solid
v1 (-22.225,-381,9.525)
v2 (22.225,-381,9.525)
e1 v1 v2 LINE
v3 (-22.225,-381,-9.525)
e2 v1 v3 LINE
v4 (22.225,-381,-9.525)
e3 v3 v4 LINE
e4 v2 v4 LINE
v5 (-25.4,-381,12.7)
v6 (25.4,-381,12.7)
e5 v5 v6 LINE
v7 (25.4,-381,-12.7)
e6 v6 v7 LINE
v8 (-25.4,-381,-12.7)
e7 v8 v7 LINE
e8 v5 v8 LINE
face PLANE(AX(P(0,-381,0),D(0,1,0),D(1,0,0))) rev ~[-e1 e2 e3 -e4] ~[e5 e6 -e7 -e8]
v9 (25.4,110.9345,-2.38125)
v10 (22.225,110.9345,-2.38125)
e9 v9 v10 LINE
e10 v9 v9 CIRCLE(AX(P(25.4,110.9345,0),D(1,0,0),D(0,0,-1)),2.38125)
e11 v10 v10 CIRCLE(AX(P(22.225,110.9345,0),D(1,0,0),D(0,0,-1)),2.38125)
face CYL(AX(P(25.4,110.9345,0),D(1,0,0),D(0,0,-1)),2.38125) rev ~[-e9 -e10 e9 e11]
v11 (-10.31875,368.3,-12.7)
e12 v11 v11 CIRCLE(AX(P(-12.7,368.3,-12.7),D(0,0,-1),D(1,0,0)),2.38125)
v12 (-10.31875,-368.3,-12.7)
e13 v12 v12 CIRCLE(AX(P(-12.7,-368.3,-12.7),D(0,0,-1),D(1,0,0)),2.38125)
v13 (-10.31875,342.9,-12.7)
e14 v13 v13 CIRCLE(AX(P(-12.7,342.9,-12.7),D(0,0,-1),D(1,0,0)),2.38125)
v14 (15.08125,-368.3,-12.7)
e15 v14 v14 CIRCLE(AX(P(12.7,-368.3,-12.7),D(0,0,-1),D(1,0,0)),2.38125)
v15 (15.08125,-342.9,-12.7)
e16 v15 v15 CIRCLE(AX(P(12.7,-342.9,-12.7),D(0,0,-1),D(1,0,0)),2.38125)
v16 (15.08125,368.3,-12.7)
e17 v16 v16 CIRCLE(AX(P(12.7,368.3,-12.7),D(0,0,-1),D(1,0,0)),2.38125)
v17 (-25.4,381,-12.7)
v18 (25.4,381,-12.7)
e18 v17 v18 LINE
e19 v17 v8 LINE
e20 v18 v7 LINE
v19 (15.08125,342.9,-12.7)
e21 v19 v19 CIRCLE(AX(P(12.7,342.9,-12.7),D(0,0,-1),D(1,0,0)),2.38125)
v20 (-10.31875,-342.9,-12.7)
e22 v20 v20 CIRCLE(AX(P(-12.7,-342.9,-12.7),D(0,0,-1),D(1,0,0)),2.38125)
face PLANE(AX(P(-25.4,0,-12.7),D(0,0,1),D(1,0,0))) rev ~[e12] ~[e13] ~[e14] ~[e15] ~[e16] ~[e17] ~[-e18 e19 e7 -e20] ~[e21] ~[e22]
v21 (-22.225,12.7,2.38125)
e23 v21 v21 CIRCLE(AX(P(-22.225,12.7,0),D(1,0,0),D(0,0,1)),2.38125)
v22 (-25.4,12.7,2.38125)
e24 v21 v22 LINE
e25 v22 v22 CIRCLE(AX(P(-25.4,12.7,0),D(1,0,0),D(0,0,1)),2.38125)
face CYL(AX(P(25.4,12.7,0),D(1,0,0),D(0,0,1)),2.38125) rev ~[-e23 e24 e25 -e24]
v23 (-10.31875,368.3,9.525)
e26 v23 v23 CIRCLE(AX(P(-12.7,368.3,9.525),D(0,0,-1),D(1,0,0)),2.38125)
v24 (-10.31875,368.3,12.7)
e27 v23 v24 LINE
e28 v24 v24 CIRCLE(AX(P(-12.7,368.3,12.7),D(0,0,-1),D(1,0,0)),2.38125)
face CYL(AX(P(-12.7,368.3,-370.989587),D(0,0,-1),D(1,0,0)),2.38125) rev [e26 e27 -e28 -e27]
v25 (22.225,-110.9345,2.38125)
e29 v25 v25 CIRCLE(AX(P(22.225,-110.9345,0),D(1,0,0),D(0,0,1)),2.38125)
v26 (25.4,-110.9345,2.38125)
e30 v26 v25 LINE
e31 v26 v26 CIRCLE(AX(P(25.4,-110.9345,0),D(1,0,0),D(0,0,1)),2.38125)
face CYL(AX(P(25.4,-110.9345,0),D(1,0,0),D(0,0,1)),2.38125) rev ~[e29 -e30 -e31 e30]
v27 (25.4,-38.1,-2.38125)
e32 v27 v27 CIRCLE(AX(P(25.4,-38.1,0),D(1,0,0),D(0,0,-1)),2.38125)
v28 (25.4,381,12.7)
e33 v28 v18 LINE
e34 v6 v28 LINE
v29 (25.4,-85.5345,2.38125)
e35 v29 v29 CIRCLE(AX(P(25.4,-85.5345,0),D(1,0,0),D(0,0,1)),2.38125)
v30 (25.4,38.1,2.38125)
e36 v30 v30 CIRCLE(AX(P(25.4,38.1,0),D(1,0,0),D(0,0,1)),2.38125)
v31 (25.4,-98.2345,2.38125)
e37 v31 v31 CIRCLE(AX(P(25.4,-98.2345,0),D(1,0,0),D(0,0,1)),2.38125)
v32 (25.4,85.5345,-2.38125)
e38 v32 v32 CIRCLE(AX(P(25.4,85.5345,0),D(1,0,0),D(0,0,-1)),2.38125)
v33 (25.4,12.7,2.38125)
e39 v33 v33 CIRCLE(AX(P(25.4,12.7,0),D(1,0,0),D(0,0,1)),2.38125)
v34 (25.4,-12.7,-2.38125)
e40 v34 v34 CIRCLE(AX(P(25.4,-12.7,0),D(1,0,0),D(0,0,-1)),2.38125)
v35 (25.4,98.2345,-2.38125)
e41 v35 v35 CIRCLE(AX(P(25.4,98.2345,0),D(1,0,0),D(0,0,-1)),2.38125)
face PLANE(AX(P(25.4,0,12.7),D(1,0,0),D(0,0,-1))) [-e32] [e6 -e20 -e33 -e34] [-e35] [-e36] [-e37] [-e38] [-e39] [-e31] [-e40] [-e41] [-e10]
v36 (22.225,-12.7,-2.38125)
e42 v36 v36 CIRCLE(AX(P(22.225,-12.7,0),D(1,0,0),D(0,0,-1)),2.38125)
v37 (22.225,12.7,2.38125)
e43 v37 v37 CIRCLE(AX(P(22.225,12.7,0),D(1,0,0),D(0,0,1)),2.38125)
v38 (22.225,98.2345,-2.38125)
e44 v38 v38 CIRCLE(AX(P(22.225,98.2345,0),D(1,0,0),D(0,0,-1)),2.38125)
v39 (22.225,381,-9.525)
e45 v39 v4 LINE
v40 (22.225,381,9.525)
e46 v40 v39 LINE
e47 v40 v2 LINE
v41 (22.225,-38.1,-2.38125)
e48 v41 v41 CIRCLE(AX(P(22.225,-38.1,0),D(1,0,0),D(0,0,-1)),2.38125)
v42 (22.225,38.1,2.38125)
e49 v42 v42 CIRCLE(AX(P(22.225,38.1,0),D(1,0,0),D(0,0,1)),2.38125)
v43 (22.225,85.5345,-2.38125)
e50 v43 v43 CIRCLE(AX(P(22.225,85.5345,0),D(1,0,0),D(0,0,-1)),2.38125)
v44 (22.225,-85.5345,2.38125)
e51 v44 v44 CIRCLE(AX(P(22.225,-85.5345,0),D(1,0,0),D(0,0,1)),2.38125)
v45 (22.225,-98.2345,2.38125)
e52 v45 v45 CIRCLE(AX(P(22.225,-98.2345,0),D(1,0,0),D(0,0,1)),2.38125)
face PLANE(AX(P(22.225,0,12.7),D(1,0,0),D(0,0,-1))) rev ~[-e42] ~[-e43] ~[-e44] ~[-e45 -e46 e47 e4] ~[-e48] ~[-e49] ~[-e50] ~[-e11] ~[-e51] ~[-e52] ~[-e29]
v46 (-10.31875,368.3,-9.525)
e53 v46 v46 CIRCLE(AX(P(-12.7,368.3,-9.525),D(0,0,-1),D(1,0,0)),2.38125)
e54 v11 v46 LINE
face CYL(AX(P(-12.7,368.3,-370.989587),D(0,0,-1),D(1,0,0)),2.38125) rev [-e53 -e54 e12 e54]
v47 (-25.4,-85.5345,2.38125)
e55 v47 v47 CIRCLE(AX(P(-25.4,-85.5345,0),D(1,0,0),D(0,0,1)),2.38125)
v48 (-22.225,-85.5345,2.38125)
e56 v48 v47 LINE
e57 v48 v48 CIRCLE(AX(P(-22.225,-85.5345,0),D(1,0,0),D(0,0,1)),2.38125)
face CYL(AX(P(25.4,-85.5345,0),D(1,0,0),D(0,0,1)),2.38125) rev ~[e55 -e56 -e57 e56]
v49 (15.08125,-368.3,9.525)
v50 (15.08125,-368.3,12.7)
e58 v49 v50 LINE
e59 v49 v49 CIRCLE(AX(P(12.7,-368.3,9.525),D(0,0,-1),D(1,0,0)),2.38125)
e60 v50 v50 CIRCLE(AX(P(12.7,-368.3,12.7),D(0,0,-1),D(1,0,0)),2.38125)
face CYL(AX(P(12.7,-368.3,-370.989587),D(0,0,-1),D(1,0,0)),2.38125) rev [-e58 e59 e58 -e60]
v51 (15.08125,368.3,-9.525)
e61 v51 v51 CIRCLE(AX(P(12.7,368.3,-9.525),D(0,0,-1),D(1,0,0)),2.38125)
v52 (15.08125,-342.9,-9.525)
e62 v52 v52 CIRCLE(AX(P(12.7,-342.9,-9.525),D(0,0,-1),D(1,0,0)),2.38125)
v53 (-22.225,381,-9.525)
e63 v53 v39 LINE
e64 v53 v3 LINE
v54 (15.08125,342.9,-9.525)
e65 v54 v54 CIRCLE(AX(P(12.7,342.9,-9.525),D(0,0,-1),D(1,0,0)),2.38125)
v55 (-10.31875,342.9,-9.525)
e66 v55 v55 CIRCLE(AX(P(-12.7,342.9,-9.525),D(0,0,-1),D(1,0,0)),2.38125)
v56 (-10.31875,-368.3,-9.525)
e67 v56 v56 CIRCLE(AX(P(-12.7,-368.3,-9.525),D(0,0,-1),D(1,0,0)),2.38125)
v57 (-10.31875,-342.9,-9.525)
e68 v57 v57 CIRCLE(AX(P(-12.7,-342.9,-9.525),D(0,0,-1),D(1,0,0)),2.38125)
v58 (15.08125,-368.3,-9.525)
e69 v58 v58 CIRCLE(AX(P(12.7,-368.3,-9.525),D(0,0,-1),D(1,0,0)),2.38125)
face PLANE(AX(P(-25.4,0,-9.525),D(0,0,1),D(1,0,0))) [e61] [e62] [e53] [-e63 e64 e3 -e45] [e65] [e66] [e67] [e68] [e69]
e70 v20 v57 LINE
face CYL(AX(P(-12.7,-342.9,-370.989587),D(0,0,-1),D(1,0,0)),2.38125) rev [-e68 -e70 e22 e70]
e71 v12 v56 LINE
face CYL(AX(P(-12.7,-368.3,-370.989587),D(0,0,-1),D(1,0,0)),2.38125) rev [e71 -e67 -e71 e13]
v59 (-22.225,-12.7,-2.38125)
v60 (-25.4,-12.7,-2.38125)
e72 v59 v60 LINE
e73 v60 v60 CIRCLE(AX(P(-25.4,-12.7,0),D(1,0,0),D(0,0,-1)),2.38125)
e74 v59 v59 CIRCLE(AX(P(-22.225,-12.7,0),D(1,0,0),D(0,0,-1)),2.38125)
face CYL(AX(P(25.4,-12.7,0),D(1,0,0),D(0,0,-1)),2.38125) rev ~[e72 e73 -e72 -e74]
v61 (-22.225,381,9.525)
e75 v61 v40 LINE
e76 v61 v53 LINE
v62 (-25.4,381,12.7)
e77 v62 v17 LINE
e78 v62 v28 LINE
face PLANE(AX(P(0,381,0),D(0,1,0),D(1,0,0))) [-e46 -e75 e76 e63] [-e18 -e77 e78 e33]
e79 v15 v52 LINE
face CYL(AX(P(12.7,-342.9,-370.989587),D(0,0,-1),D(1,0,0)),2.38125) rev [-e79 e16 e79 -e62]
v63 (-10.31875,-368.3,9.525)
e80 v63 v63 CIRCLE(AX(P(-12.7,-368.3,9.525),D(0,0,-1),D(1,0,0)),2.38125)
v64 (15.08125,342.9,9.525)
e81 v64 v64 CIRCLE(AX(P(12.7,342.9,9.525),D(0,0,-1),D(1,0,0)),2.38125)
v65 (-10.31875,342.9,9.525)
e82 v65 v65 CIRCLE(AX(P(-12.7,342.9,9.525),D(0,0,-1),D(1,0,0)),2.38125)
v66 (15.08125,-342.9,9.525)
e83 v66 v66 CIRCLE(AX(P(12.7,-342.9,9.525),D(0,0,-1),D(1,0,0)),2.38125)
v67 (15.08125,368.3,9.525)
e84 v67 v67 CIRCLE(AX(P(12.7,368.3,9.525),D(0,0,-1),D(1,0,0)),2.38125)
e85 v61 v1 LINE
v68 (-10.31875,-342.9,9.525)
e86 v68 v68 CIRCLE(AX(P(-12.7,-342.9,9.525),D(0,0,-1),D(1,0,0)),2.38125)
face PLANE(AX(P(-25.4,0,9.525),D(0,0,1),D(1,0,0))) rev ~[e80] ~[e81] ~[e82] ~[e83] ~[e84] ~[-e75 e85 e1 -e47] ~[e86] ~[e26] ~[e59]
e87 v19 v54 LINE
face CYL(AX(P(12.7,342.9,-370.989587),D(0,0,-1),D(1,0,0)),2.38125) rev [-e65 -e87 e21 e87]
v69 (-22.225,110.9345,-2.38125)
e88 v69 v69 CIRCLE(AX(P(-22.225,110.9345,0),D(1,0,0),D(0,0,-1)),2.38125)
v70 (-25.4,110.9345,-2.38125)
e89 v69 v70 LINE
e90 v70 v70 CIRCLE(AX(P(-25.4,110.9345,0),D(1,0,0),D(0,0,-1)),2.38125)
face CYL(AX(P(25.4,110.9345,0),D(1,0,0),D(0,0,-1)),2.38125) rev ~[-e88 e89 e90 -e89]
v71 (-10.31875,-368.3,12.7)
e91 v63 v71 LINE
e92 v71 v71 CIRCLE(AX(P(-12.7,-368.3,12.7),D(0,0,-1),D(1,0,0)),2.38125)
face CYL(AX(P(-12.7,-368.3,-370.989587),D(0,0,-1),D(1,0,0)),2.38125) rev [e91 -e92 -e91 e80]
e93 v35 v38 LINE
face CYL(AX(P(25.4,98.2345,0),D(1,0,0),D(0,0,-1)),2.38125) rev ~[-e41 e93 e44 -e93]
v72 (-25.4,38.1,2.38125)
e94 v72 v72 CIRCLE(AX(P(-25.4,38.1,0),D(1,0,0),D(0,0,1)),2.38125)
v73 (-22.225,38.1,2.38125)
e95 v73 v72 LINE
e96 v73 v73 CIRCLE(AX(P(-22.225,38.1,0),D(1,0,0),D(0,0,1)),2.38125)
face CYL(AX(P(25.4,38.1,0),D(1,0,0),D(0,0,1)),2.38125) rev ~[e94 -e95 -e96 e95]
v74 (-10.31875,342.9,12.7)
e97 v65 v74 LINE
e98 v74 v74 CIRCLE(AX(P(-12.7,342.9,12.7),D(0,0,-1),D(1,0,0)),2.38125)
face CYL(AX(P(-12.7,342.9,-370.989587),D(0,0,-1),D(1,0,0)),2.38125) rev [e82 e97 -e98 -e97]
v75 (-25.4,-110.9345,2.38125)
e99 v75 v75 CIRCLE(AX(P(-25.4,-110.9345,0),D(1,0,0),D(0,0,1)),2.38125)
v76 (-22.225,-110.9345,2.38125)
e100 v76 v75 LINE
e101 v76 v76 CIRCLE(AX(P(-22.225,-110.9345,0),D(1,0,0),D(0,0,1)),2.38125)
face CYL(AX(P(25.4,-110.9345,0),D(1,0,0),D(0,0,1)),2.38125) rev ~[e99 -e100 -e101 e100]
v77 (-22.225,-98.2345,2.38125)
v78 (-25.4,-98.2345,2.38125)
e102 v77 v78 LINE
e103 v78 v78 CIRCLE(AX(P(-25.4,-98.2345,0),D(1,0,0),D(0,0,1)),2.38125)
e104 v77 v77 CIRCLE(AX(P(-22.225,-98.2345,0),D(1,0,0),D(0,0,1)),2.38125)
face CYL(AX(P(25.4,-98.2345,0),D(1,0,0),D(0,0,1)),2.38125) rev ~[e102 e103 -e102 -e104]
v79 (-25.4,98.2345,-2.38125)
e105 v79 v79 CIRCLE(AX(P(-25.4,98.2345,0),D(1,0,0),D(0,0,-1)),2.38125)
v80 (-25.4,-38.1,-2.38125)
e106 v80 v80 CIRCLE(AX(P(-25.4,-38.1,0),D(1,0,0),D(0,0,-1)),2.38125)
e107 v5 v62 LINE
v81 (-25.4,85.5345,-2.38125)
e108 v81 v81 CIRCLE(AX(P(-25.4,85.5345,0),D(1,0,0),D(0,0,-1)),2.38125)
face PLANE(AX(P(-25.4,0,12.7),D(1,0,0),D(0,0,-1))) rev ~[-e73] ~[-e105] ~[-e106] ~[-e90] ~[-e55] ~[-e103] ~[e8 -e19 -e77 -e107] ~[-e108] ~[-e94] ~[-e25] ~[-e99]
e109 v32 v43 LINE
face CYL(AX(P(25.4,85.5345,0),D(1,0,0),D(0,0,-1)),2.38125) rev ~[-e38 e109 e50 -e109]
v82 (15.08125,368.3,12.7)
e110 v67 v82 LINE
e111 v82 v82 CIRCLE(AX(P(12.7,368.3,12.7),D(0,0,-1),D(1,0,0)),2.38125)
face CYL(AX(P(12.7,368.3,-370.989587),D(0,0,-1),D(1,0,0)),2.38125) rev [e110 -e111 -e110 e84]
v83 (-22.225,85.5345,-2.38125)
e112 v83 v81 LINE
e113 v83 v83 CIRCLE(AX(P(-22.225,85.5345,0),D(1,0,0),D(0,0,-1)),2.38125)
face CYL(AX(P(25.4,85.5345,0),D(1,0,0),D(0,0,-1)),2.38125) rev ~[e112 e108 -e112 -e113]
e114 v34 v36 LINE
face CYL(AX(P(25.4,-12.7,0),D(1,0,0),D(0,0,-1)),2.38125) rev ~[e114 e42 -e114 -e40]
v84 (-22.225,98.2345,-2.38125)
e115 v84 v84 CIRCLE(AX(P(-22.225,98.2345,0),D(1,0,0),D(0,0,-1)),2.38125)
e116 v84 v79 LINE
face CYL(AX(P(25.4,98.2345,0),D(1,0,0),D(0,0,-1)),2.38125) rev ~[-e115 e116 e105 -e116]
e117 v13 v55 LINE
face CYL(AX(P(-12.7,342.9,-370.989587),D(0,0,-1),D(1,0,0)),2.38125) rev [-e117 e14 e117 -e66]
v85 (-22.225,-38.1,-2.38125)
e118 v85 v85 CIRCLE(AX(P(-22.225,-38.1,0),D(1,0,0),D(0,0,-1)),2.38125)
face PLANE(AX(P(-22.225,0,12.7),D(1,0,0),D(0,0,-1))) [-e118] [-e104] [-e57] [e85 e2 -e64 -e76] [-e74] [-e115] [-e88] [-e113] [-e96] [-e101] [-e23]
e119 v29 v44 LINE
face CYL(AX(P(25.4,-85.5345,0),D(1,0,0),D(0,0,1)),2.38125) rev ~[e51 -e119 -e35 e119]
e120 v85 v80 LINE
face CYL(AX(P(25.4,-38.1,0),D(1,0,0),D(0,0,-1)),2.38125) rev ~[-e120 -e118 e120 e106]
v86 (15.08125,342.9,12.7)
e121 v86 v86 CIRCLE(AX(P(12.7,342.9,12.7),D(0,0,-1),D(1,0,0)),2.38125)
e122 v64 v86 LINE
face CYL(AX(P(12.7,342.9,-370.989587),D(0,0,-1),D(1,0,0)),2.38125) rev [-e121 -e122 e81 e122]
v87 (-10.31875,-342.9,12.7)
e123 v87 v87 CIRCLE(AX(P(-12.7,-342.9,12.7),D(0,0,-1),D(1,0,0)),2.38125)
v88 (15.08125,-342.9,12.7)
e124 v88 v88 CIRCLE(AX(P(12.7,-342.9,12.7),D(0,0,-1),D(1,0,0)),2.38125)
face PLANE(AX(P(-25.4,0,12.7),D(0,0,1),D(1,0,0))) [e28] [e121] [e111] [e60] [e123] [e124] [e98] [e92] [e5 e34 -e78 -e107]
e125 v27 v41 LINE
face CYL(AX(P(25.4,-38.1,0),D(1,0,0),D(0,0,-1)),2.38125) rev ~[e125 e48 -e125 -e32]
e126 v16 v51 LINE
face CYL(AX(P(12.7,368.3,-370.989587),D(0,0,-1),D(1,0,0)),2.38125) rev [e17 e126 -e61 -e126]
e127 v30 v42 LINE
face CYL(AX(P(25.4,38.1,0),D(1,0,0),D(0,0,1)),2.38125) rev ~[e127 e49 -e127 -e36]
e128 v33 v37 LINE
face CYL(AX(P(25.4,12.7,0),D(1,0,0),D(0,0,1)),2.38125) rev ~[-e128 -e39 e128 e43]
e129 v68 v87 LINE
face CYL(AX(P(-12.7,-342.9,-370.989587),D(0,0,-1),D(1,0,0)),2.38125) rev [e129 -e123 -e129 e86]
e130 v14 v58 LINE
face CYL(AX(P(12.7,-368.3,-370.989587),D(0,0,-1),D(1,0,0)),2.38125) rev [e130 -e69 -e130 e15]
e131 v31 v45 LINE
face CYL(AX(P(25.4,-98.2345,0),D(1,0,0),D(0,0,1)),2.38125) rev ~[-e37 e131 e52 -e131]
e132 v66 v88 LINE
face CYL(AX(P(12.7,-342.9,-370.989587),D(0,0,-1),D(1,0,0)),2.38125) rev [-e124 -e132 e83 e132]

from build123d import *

# Parameters (mm, degrees)
SKETCH1_W               = 50.8
SKETCH1_H               = 25.4
BOSS_EXTRUDE1_DEPTH     = 381
SHELL1_T                = -3.175
SKETCH4_R               = 2.38125
CUT_EXTRUDE1_DEPTH      = 385.581499815
CUT_EXTRUDE2_DEPTH      = 383.689587002
CUT_EXTRUDE2_DEPTH_BACK = 383.689587002
SKETCH5_R               = 2.38125


with BuildPart() as part:
    # Sketch1 → Boss-Extrude1 (new, symmetric)
    with BuildSketch(Plane(origin=(0, 0, 0), x_dir=(1, 0, 0), z_dir=(0, 1, 0))):
        Rectangle(SKETCH1_W, SKETCH1_H)
    extrude(amount=BOSS_EXTRUDE1_DEPTH, both=True)

    # Shell1
    shell1_openings = [part.faces().sort_by_distance(p)[0] for p in [
        (0, 381, 0),
        (0, -381, 0),
    ]]
    offset(amount=SHELL1_T, openings=shell1_openings, kind=Kind.INTERSECTION)

    # Sketch4 → Cut-Extrude1 (cut, through all)
    with BuildSketch(Plane(origin=(25.4, 0, 0), x_dir=(0, 0, -1), z_dir=(1, 0, 0))):
        with Locations((0, 110.9345)):
            Circle(SKETCH4_R)
        with Locations((0, 98.2345)):
            Circle(SKETCH4_R)
        with Locations((0, 85.5345)):
            Circle(SKETCH4_R)
        with Locations(Location((0, -85.5345, 0), (0, 0, 180))):
            Circle(SKETCH4_R)
        with Locations(Location((0, -98.2345, 0), (0, 0, 180))):
            Circle(SKETCH4_R)
        with Locations(Location((0, -110.9345, 0), (0, 0, 180))):
            Circle(SKETCH4_R)
        with Locations((0, -12.7)):
            Circle(SKETCH4_R)
        with Locations((0, -38.1)):
            Circle(SKETCH4_R)
        with Locations(Location((0, 38.1, 0), (0, 0, 180))):
            Circle(SKETCH4_R)
        with Locations(Location((0, 12.7, 0), (0, 0, 180))):
            Circle(SKETCH4_R)
    extrude(amount=-CUT_EXTRUDE1_DEPTH, mode=Mode.SUBTRACT)

    # Sketch5 → Cut-Extrude2 (cut, two sides: drawn at the far end of the back side and taken through both)
    with BuildSketch(Plane.XY.offset(12.7).offset(-CUT_EXTRUDE2_DEPTH_BACK)):
        with Locations((-12.7, 368.3)):
            Circle(SKETCH5_R)
        with Locations((12.7, 368.3)):
            Circle(SKETCH5_R)
        with Locations((12.7, 342.9)):
            Circle(SKETCH5_R)
        with Locations((-12.7, 342.9)):
            Circle(SKETCH5_R)
        with Locations((-12.7, -342.9)):
            Circle(SKETCH5_R)
        with Locations((12.7, -342.9)):
            Circle(SKETCH5_R)
        with Locations((12.7, -368.3)):
            Circle(SKETCH5_R)
        with Locations((-12.7, -368.3)):
            Circle(SKETCH5_R)
    extrude(amount=CUT_EXTRUDE2_DEPTH + CUT_EXTRUDE2_DEPTH_BACK, mode=Mode.SUBTRACT)


solid = part.part
